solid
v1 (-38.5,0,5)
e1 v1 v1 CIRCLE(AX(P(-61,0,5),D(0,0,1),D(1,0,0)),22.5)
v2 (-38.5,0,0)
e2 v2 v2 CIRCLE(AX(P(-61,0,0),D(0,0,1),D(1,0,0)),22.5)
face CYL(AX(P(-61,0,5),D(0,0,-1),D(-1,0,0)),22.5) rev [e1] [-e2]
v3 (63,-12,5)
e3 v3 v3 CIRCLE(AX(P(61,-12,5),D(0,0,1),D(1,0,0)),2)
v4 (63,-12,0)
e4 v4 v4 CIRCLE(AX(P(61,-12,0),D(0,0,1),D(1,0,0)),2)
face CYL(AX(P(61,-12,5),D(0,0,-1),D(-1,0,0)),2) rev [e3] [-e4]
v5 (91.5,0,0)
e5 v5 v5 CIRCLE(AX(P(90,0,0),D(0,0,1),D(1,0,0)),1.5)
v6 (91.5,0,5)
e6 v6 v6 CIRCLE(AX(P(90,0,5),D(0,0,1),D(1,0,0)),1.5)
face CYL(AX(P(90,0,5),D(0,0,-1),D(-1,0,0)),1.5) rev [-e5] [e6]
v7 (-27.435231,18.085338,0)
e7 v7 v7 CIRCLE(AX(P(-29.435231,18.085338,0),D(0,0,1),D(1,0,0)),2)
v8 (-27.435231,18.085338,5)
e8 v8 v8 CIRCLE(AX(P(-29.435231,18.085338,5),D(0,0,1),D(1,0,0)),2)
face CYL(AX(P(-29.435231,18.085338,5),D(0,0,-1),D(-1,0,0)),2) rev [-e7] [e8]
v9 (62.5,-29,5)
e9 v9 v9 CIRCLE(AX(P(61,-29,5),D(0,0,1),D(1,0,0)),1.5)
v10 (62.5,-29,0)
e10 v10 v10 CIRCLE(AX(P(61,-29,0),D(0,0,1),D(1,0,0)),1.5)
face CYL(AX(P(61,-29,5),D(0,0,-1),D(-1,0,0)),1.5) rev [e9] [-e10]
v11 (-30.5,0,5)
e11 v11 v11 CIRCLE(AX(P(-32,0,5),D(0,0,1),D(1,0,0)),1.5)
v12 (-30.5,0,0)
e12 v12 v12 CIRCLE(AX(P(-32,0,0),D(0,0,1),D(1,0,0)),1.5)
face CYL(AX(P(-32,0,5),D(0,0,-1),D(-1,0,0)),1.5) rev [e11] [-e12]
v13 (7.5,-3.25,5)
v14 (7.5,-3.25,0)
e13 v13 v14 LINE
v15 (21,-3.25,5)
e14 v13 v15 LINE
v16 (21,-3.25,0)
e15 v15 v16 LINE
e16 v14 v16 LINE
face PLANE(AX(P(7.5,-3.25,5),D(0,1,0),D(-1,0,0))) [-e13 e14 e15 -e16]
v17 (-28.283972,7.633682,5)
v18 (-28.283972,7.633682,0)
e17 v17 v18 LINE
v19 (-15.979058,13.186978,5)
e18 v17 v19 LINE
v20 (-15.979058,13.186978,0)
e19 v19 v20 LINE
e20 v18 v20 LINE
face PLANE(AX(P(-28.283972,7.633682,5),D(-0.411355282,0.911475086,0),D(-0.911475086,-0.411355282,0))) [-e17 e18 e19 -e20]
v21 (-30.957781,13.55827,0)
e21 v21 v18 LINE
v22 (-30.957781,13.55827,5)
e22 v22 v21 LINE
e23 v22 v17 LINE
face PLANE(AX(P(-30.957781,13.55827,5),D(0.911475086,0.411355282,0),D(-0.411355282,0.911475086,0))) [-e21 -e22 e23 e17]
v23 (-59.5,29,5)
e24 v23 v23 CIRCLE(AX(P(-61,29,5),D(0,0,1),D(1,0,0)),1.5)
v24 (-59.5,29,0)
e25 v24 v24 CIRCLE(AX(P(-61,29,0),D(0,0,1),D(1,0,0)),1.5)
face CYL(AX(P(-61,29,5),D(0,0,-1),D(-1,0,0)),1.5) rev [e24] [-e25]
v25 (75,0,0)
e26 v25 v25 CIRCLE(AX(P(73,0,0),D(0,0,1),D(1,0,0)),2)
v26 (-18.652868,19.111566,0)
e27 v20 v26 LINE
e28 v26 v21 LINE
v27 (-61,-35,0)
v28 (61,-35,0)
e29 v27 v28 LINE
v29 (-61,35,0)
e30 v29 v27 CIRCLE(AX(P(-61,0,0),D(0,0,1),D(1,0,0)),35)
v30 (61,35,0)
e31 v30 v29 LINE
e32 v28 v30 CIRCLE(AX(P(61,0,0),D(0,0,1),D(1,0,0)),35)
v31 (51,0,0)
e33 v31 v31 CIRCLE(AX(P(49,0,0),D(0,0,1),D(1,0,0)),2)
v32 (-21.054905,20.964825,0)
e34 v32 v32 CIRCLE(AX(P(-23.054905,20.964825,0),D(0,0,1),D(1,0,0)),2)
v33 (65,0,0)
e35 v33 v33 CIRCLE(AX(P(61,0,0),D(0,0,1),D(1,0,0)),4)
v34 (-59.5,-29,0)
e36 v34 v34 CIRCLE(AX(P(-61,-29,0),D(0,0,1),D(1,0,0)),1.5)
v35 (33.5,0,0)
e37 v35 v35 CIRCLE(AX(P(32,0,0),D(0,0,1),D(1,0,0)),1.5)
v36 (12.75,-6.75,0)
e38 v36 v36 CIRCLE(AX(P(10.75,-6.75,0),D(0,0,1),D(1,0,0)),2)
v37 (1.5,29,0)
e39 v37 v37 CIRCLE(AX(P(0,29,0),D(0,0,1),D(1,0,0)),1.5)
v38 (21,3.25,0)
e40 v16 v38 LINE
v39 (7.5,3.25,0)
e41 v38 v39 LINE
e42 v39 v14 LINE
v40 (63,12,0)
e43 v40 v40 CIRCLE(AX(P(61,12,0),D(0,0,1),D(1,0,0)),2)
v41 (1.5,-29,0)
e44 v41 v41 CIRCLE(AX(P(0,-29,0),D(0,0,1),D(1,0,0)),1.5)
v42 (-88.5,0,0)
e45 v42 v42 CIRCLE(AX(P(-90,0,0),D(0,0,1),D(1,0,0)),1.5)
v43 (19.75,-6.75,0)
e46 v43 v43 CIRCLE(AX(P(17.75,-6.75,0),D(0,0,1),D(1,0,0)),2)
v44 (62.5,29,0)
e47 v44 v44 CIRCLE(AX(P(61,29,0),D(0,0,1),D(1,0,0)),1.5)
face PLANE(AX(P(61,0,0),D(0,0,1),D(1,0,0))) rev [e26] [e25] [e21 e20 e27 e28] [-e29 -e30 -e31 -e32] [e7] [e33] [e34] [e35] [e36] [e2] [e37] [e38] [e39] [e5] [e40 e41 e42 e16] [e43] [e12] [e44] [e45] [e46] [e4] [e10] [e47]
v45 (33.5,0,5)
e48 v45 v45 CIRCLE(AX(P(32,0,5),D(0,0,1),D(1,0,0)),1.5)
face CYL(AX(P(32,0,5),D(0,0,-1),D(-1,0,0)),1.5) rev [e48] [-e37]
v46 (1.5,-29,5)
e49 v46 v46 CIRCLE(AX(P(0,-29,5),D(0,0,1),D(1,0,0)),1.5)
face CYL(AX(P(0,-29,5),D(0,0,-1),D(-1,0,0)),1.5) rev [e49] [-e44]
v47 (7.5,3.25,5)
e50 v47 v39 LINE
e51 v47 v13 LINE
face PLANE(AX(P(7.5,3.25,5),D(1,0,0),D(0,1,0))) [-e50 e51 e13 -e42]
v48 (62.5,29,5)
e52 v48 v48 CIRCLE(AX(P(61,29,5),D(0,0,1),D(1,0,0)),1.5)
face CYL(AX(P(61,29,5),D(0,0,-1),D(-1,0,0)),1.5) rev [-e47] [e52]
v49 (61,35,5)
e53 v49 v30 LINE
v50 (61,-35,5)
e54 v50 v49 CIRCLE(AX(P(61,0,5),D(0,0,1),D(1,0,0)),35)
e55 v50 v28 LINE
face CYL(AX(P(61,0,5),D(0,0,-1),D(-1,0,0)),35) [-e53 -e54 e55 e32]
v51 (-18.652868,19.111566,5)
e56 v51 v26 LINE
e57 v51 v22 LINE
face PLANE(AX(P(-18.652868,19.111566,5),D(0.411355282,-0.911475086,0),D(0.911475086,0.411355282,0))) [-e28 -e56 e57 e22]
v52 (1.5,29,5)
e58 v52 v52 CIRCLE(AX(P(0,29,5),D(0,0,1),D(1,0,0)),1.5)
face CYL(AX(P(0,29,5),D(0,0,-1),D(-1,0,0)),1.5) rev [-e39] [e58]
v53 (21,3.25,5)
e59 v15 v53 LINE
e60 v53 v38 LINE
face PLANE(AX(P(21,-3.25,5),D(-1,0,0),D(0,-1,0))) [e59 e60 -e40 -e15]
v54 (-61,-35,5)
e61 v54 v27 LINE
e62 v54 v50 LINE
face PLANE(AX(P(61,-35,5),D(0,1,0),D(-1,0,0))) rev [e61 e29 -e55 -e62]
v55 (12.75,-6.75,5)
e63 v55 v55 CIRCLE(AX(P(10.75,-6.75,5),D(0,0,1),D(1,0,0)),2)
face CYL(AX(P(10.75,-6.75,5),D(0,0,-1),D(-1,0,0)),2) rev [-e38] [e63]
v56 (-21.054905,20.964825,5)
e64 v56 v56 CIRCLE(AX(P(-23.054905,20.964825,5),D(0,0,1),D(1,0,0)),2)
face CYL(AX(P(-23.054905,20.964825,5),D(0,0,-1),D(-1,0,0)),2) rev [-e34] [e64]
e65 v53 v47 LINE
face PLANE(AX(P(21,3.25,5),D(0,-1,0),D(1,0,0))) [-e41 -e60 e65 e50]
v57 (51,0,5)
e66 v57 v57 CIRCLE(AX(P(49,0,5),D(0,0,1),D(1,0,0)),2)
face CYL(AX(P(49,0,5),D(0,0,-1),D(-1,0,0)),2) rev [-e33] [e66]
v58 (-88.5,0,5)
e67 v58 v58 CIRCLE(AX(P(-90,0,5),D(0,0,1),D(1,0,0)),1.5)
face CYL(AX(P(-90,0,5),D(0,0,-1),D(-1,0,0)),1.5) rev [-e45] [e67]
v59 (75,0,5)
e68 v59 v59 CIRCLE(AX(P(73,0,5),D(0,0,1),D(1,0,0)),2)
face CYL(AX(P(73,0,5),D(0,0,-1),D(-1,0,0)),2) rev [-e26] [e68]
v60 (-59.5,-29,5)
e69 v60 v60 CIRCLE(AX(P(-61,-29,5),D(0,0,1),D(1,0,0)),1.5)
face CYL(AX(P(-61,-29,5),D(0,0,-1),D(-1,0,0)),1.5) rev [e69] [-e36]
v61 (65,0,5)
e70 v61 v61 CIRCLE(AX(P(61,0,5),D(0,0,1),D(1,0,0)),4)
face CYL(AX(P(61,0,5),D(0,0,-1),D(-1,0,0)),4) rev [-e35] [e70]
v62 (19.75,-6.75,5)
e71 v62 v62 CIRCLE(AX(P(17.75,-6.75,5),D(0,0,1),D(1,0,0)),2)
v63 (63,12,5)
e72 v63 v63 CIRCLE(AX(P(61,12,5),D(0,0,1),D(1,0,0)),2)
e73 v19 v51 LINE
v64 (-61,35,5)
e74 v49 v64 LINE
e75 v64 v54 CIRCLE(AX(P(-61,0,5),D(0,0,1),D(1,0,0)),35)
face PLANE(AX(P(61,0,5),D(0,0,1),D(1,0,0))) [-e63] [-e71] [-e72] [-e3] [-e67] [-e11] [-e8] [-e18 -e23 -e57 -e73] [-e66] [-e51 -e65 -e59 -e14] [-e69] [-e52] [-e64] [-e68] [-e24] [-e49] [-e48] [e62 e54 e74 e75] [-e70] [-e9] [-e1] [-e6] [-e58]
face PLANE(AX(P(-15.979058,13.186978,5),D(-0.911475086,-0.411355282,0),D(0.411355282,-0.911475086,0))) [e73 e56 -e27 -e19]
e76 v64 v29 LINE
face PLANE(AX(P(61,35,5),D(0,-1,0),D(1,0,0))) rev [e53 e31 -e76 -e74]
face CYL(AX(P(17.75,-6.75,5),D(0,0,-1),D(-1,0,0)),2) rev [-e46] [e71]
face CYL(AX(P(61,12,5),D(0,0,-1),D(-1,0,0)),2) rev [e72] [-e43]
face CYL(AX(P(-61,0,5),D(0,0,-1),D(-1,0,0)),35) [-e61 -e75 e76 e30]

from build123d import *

# Parameters (mm, degrees)
SKETCH1_R           = 4
SKETCH1_R_2         = 22.5
SKETCH1_R_3         = 1.5
SKETCH1_R_4         = 2
SKETCH1_W           = 13.5
SKETCH1_H           = 6.5
BOSS_EXTRUDE1_DEPTH = 5


with BuildPart() as part:
    # Sketch1 → Boss-Extrude1 (new body)
    with BuildSketch(Plane.XY):
        with BuildLine():
            Line((61, -35), (-61, -35))
            ThreePointArc((-61, -35), (-96, 0), (-61, 35))
            Line((-61, 35), (61, 35))
            ThreePointArc((61, 35), (96, 0), (61, -35))
        make_face()
        with Locations((61, 0)):
            Circle(SKETCH1_R, mode=Mode.SUBTRACT)
        with Locations((-61, 0)):
            Circle(SKETCH1_R_2, mode=Mode.SUBTRACT)
        with Locations((-61, -29)):
            Circle(SKETCH1_R_3, mode=Mode.SUBTRACT)
        with Locations((-61, 29)):
            Circle(SKETCH1_R_3, mode=Mode.SUBTRACT)
        with Locations((61, 29)):
            Circle(SKETCH1_R_3, mode=Mode.SUBTRACT)
        with Locations((61, -29)):
            Circle(SKETCH1_R_3, mode=Mode.SUBTRACT)
        with Locations((0, 29)):
            Circle(SKETCH1_R_3, mode=Mode.SUBTRACT)
        with Locations((-90, 0)):
            Circle(SKETCH1_R_3, mode=Mode.SUBTRACT)
        with Locations((-32, 0)):
            Circle(SKETCH1_R_3, mode=Mode.SUBTRACT)
        with Locations((90, 0)):
            Circle(SKETCH1_R_3, mode=Mode.SUBTRACT)
        with Locations((32, 0)):
            Circle(SKETCH1_R_3, mode=Mode.SUBTRACT)
        with Locations((61, 12)):
            Circle(SKETCH1_R_4, mode=Mode.SUBTRACT)
        with Locations((61, -12)):
            Circle(SKETCH1_R_4, mode=Mode.SUBTRACT)
        with Locations((49, 0)):
            Circle(SKETCH1_R_4, mode=Mode.SUBTRACT)
        with Locations((73, 0)):
            Circle(SKETCH1_R_4, mode=Mode.SUBTRACT)
        with Locations((10.75, -6.75)):
            Circle(SKETCH1_R_4, mode=Mode.SUBTRACT)
        with Locations((17.75, -6.75)):
            Circle(SKETCH1_R_4, mode=Mode.SUBTRACT)
        with Locations((-23.054905042, 20.964824554)):
            Circle(SKETCH1_R_4, mode=Mode.SUBTRACT)
        with Locations((-29.435230641, 18.085337577)):
            Circle(SKETCH1_R_4, mode=Mode.SUBTRACT)
        with Locations((0, -29)):
            Circle(SKETCH1_R_3, mode=Mode.SUBTRACT)
        with Locations((14.25, 0)):
            Rectangle(SKETCH1_W, SKETCH1_H, mode=Mode.SUBTRACT)
        Polygon((-30.95778118, 13.55827011), (-28.283971844, 7.633682054), (-15.979058189, 13.186978367), (-18.652867525, 19.111566423), align=None, mode=Mode.SUBTRACT)
    extrude(amount=BOSS_EXTRUDE1_DEPTH)


solid = part.part
